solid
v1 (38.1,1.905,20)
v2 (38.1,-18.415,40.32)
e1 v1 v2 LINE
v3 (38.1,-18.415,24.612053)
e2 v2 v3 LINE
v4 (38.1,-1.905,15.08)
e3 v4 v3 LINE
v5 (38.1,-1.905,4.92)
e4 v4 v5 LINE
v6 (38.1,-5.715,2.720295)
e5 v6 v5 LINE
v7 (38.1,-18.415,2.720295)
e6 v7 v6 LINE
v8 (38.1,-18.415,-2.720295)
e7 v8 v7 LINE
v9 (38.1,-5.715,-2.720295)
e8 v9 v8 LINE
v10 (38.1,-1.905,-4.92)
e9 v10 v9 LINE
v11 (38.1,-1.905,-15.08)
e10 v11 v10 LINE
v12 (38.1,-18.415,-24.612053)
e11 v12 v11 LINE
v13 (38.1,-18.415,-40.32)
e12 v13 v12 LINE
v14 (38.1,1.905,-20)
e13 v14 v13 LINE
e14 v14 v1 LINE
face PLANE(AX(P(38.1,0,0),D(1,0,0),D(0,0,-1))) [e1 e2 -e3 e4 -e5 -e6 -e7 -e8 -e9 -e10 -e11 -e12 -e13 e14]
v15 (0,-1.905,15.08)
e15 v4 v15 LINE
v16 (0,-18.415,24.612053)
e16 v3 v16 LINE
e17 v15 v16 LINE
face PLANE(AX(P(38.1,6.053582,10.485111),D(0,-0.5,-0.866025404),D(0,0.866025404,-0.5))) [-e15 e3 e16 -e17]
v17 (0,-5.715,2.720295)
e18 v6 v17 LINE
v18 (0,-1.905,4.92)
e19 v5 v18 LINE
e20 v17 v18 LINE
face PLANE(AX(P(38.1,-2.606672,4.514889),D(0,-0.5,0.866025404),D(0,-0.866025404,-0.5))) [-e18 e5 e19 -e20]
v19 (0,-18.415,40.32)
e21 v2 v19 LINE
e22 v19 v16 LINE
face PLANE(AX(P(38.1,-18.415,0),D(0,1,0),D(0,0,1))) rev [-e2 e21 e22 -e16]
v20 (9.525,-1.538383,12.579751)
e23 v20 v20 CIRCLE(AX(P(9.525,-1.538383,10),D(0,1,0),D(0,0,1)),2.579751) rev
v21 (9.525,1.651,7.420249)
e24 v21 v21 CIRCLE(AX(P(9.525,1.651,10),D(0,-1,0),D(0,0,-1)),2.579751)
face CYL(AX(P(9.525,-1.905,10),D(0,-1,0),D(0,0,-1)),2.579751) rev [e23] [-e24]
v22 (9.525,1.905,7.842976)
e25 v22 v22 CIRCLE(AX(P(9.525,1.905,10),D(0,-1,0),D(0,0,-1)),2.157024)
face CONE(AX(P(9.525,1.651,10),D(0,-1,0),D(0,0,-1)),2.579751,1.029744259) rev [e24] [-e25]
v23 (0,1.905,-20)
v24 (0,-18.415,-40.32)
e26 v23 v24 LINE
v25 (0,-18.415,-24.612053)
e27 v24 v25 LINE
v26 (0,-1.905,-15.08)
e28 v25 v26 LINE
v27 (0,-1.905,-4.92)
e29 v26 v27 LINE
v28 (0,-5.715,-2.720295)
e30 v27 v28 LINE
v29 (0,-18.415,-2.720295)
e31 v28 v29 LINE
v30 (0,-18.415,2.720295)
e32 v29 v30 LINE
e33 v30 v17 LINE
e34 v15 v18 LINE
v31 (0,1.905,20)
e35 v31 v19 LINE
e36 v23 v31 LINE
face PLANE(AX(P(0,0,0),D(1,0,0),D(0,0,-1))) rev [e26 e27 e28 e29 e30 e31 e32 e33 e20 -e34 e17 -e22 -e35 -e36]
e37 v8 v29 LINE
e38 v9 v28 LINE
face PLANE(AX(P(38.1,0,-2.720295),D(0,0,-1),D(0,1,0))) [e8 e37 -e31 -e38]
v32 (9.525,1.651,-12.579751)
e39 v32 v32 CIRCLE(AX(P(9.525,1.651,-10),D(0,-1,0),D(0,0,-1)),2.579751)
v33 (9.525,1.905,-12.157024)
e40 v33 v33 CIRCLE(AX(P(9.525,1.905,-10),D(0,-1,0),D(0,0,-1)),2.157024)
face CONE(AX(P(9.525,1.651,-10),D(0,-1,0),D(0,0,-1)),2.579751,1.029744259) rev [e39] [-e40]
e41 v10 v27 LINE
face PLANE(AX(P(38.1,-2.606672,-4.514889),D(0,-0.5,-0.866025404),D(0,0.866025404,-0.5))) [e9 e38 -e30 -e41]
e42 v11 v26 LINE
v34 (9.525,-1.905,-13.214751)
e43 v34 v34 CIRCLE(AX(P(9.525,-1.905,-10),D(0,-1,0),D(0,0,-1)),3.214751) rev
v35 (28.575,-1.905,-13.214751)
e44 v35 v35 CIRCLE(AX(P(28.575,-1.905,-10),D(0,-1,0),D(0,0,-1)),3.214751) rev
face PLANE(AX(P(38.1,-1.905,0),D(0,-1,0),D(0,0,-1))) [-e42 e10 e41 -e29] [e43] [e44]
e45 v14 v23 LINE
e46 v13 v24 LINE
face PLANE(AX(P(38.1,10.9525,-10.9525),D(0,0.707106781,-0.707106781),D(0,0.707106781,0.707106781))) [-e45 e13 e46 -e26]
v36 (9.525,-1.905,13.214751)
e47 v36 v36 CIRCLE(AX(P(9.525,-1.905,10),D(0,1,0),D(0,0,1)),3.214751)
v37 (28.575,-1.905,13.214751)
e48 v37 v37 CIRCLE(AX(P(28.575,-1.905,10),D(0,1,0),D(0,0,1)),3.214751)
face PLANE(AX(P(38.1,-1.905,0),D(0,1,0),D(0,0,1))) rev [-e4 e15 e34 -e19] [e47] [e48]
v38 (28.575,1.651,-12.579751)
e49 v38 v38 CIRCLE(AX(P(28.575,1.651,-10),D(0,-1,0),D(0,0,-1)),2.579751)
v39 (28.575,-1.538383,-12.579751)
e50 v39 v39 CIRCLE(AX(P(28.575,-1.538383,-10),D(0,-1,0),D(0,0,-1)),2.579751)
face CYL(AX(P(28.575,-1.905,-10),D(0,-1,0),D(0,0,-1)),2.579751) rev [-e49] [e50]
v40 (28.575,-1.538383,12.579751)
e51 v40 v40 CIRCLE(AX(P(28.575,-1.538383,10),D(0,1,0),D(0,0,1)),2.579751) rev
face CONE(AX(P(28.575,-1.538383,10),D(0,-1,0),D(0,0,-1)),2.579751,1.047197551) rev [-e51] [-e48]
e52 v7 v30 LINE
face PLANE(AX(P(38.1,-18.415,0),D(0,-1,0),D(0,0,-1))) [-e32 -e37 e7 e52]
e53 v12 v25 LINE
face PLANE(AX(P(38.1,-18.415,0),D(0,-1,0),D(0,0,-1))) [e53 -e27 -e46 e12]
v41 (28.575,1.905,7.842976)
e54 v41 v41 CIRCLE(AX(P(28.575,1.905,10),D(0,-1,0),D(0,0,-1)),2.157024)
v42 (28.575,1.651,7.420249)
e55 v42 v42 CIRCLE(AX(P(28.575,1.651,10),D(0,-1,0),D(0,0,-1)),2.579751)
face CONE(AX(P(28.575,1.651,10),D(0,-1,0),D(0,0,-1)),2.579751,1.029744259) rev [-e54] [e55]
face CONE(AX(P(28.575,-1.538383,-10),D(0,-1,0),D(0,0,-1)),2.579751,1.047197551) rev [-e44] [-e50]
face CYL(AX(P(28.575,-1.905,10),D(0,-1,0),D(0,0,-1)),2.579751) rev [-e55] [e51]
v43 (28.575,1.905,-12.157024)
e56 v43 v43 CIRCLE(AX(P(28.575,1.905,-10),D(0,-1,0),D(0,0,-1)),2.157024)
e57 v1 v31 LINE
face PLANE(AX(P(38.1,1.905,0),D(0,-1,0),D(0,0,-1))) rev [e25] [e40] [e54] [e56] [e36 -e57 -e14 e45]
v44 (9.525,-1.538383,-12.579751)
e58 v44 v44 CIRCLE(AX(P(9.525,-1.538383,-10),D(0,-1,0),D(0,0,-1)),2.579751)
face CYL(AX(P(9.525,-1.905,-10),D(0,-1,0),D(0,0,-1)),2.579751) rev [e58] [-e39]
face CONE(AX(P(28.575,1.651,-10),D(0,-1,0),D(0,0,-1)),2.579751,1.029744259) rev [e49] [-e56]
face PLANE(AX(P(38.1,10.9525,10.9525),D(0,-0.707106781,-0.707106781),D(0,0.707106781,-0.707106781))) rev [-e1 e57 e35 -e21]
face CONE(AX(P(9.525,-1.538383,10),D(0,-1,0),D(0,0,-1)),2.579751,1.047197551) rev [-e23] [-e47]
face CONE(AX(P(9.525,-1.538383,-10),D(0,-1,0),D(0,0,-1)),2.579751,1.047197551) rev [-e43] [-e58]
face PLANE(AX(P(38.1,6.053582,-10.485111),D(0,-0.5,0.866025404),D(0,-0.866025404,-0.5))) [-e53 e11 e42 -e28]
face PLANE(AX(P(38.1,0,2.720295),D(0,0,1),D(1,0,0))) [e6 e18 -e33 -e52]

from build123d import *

# Parameters (mm, degrees)
BODY_DEPTH                           = 38.1
F_13_64_0_20313_DIAMETER_HOLE1_D     = 5.159502
F_13_64_0_20313_DIAMETER_HOLE1_DEPTH = 3.556
F_13_64_0_20313_DIAMETER_HOLE1_TIP   = 1.550070783
CHAMFER1_SIZE                        = 0.635
CHAMFER1_SIZE2                       = 0.366617421
CHAMFER1_PART_2_SIZE                 = 0.635
CHAMFER1_PART_2_SIZE2                = 0.366617421


with BuildPart() as part:
    # Profile → Body (new body)
    with BuildSketch(Plane(origin=(0, 0, 0), x_dir=(0, 0, -1), z_dir=(1, 0, 0))):
        Polygon((20, 1.905), (-20, 1.905), (-23.81, -1.905), (-27.62, -5.715), (-35.24, -13.335), (-40.32, -18.415), (-24.612052944, -18.415), (-21.679113577, -13.335), (-17.279704526, -5.715), (-15.08, -1.905), (-14.6, -1.905), (-5.4, -1.905), (-4.92, -1.905), (-2.720295474, -5.715), (-2.720295474, -13.335), (-2.720295474, -18.415), (2.720295474, -18.415), (2.720295474, -13.335), (2.720295474, -5.715), (4.92, -1.905), (5.4, -1.905), (14.6, -1.905), (15.08, -1.905), (17.279704526, -5.715), (21.679113577, -13.335), (24.612052944, -18.415), (40.32, -18.415), (35.24, -13.335), (27.62, -5.715), (23.81, -1.905), align=None)
    extrude(amount=BODY_DEPTH)

    # 13/64 (0.20313) Diameter Hole1
    with Locations(Plane(origin=(0, -1.905, 0), x_dir=(-1, 0, 0), z_dir=(0, -1, 0))):
        with Locations((-9.525, 10), (-9.525, -10), (-28.575, -10), (-28.575, 10)):
            Hole(F_13_64_0_20313_DIAMETER_HOLE1_D / 2, depth=F_13_64_0_20313_DIAMETER_HOLE1_DEPTH)
            with Locations((0, 0, -(F_13_64_0_20313_DIAMETER_HOLE1_DEPTH + F_13_64_0_20313_DIAMETER_HOLE1_TIP / 2))):  # 118° drill point
                Cone(0, F_13_64_0_20313_DIAMETER_HOLE1_D / 2, F_13_64_0_20313_DIAMETER_HOLE1_TIP, mode=Mode.SUBTRACT)

    # Chamfer1
    chamfer1_edges = [part.edges().sort_by_distance(p)[0] for p in [
        (25.995249, -1.905, -10),
        (6.945249, -1.905, -10),
    ]]
    chamfer1_side = [part.faces().sort_by_distance(p)[0] for p in [
        (19.05, -1.905, -10),
    ]]
    chamfer(chamfer1_edges, length=CHAMFER1_SIZE, length2=CHAMFER1_SIZE2, reference=chamfer1_side[0])

    # Chamfer1 part 2
    chamfer1_part_2_edges = [part.edges().sort_by_distance(p)[0] for p in [
        (25.995249, -1.905, 10),
        (6.945249, -1.905, 10),
    ]]
    chamfer1_part_2_side = [part.faces().sort_by_distance(p)[0] for p in [
        (19.05, -1.905, 10),
    ]]
    chamfer(chamfer1_part_2_edges, length=CHAMFER1_PART_2_SIZE, length2=CHAMFER1_PART_2_SIZE2, reference=chamfer1_part_2_side[0])


solid = part.part
